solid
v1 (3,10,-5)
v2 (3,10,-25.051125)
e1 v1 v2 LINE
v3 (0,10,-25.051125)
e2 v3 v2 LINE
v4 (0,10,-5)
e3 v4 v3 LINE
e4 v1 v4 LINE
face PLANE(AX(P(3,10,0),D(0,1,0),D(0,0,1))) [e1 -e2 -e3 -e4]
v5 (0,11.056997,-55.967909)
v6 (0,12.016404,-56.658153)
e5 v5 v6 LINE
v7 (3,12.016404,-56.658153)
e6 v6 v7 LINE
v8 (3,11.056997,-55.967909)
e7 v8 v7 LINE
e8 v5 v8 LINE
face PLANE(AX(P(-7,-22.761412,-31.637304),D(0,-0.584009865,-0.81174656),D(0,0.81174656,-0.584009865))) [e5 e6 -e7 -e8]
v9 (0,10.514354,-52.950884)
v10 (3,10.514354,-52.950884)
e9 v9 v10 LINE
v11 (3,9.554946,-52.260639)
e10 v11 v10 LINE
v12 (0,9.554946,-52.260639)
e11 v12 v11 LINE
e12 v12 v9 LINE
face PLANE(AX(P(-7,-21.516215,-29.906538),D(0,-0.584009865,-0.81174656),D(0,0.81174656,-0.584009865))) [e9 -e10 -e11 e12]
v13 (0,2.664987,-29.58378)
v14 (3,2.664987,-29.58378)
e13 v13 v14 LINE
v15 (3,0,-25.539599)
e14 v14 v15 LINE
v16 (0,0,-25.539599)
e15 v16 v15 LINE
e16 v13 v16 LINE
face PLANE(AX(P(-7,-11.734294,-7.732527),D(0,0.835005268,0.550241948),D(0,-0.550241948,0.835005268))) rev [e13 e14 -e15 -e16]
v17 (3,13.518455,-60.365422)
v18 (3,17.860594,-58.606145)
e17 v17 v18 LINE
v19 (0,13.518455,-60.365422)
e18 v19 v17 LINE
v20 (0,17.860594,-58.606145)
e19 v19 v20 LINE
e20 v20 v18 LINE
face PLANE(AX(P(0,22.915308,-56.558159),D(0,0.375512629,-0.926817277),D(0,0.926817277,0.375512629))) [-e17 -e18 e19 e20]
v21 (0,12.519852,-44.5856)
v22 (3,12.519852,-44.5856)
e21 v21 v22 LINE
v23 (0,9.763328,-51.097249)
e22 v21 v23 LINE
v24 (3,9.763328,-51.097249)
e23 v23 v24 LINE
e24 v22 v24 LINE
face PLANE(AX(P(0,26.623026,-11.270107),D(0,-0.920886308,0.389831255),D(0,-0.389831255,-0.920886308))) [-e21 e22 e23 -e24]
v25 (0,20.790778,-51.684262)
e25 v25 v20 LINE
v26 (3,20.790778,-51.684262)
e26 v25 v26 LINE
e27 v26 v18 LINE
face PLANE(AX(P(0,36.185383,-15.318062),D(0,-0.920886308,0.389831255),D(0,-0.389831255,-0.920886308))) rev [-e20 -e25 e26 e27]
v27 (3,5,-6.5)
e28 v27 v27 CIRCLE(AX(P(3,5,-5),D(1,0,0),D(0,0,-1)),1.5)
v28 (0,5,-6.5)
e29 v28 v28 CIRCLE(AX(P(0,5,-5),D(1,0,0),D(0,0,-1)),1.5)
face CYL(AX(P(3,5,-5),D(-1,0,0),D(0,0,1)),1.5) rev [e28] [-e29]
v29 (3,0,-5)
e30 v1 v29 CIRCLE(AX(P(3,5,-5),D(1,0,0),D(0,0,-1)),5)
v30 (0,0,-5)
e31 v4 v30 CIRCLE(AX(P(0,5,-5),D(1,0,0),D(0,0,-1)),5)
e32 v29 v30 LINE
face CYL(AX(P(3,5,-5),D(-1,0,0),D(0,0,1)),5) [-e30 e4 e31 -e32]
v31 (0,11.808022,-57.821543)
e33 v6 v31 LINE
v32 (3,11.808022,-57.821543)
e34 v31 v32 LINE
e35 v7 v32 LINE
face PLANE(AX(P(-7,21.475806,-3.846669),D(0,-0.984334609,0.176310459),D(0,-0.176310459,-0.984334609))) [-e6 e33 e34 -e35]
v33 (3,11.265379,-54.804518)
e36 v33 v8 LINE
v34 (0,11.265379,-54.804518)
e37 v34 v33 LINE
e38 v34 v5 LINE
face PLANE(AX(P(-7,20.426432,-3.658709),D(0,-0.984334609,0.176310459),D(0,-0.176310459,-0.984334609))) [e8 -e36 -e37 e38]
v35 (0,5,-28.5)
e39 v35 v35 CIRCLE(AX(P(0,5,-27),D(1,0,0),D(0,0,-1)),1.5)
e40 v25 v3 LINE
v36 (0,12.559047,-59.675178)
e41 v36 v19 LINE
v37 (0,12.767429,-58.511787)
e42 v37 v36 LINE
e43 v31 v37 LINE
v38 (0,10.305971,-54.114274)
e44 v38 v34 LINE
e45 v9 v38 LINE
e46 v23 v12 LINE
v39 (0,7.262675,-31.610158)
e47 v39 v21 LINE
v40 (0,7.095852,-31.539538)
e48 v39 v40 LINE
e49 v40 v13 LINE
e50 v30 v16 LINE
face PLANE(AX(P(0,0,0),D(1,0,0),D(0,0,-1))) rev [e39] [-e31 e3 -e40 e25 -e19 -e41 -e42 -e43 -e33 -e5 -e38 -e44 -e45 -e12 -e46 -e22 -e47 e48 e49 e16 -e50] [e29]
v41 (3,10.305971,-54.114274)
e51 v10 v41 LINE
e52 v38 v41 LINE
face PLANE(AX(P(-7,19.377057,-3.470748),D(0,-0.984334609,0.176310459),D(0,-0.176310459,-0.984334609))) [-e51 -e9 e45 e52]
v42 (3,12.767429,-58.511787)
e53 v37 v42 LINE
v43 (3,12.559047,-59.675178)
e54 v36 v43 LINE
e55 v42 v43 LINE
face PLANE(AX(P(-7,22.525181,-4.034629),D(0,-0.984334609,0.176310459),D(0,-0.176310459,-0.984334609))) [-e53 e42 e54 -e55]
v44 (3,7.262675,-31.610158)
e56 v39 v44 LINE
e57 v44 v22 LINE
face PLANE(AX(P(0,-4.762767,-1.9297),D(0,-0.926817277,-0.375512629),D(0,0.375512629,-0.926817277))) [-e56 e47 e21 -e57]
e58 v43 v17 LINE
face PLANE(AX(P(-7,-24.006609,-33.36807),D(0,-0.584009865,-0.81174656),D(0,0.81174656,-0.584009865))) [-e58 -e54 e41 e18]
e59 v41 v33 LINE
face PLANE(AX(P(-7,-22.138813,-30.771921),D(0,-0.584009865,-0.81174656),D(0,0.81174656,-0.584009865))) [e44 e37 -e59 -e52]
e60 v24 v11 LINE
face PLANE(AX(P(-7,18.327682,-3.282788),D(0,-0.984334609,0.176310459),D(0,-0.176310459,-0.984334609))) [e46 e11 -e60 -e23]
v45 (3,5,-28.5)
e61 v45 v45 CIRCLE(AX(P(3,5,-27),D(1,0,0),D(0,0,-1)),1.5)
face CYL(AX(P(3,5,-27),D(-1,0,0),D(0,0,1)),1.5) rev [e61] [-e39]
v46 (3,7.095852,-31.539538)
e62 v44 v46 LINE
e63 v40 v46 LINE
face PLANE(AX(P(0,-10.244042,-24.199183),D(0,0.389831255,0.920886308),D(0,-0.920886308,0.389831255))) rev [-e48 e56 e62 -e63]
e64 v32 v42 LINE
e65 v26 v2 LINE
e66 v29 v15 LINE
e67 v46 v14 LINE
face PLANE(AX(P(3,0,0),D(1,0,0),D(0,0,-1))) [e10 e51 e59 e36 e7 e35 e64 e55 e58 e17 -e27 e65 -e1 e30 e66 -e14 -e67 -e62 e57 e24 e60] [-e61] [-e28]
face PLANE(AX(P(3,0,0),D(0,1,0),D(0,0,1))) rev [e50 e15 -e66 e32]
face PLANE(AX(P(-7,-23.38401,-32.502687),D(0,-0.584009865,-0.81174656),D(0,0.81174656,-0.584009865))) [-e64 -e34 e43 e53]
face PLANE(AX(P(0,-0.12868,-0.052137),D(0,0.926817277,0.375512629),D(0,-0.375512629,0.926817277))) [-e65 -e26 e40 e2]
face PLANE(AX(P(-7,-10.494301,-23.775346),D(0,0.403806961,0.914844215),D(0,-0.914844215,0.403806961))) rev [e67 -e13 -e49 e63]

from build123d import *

# Parameters (mm, degrees)
SKETCH1_R           = 5
SKETCH1_R_2         = 1.5
BOSS_EXTRUDE1_DEPTH = 3
BOSS_EXTRUDE2_DEPTH = 3
CUT_EXTRUDE2_DEPTH  = 4
CUT_EXTRUDE3_DEPTH  = 10


with BuildPart() as part:
    # Sketch1 → Boss-Extrude1 (new body)
    with BuildSketch(Plane(origin=(0, 0, 0), x_dir=(0, 0, -1), z_dir=(1, 0, 0))):
        with Locations((5, 5)):
            Circle(SKETCH1_R)
        with Locations((5, 5)):
            Circle(SKETCH1_R_2, mode=Mode.SUBTRACT)
        with BuildLine():
            ThreePointArc((10, 5), (8.535533906, 1.464466094), (5, 0))
            Line((5, 0), (27, 0))
            ThreePointArc((27, 0), (22, 5), (27, 10))
            Line((27, 10), (5, 10))
            ThreePointArc((5, 10), (8.535533906, 8.535533906), (10, 5))
        make_face()
        with Locations((27, 5)):
            Circle(SKETCH1_R)
        with Locations((27, 5)):
            Circle(SKETCH1_R_2, mode=Mode.SUBTRACT)
    extrude(amount=BOSS_EXTRUDE1_DEPTH)

    # Sketch2 → Boss-Extrude2 (add)
    with BuildSketch(Plane(origin=(3, 0, 0), x_dir=(0, 0, -1), z_dir=(1, 0, 0))):
        with BuildLine():
            ThreePointArc((27, 10), (29.694507461, 9.21184396), (31.53953799, 7.095851816))
            Line((31.53953799, 7.095851816), (31.610157793, 7.262674791))
            Line((31.610157793, 7.262674791), (44.585599673, 12.519851602))
            Line((44.585599673, 12.519851602), (51.097249205, 9.763328363))
            Line((51.097249205, 9.763328363), (60.365421977, 13.518454657))
            Line((60.365421977, 13.518454657), (56.610295683, 22.786627428))
            Line((56.610295683, 22.786627428), (25.051124858, 10))
            Line((25.051124858, 10), (27, 10))
        make_face()
        Polygon((60.365421977, 13.518454657), (51.097249205, 9.763328363), (51.333822162, 9.179433479), (60.601994933, 12.934559772), align=None)
    extrude(amount=-BOSS_EXTRUDE2_DEPTH)

    # Sketch4 → Cut-Extrude2 (cut, through all)
    with BuildSketch(Plane(origin=(3, 0, 0), x_dir=(0, 0, -1), z_dir=(1, 0, 0))):
        Polygon((56.610295683, 22.786627428), (51.684261855, 20.790777803), (58.606145308, 17.8605936), align=None)
    extrude(amount=-CUT_EXTRUDE2_DEPTH, mode=Mode.SUBTRACT)

    # Sketch5 → Cut-Extrude3 (cut)
    with BuildSketch(Plane(origin=(3, 0, 0), x_dir=(0, 0, -1), z_dir=(1, 0, 0))):
        with BuildLine():
            ThreePointArc((27, 0), (31.21184396, 2.305492539), (31.53953799, 7.095851816))
            Line((31.53953799, 7.095851816), (29.583779735, 2.664986829))
            Line((29.583779735, 2.664986829), (25.539598719, 0))
            Line((25.539598719, 0), (27, 0))
        make_face()
        Polygon((52.260639439, 9.554946108), (51.097249205, 9.763328363), (51.333822162, 9.179433479), align=None)
        Polygon((52.95088376, 10.514353622), (52.260639439, 9.554946108), (54.114273993, 10.305971367), align=None)
        Polygon((54.804518314, 11.265378881), (54.114273993, 10.305971367), (55.967908548, 11.056996626), align=None)
        Polygon((56.658152868, 12.01640414), (55.967908548, 11.056996626), (57.821543102, 11.808021884), align=None)
        Polygon((58.511787422, 12.767429398), (57.821543102, 11.808021884), (59.675177656, 12.559047143), align=None)
        Polygon((60.365421977, 13.518454657), (59.675177656, 12.559047143), (60.601994933, 12.934559772), align=None)
    extrude(amount=-CUT_EXTRUDE3_DEPTH, mode=Mode.SUBTRACT)


solid = part.part
